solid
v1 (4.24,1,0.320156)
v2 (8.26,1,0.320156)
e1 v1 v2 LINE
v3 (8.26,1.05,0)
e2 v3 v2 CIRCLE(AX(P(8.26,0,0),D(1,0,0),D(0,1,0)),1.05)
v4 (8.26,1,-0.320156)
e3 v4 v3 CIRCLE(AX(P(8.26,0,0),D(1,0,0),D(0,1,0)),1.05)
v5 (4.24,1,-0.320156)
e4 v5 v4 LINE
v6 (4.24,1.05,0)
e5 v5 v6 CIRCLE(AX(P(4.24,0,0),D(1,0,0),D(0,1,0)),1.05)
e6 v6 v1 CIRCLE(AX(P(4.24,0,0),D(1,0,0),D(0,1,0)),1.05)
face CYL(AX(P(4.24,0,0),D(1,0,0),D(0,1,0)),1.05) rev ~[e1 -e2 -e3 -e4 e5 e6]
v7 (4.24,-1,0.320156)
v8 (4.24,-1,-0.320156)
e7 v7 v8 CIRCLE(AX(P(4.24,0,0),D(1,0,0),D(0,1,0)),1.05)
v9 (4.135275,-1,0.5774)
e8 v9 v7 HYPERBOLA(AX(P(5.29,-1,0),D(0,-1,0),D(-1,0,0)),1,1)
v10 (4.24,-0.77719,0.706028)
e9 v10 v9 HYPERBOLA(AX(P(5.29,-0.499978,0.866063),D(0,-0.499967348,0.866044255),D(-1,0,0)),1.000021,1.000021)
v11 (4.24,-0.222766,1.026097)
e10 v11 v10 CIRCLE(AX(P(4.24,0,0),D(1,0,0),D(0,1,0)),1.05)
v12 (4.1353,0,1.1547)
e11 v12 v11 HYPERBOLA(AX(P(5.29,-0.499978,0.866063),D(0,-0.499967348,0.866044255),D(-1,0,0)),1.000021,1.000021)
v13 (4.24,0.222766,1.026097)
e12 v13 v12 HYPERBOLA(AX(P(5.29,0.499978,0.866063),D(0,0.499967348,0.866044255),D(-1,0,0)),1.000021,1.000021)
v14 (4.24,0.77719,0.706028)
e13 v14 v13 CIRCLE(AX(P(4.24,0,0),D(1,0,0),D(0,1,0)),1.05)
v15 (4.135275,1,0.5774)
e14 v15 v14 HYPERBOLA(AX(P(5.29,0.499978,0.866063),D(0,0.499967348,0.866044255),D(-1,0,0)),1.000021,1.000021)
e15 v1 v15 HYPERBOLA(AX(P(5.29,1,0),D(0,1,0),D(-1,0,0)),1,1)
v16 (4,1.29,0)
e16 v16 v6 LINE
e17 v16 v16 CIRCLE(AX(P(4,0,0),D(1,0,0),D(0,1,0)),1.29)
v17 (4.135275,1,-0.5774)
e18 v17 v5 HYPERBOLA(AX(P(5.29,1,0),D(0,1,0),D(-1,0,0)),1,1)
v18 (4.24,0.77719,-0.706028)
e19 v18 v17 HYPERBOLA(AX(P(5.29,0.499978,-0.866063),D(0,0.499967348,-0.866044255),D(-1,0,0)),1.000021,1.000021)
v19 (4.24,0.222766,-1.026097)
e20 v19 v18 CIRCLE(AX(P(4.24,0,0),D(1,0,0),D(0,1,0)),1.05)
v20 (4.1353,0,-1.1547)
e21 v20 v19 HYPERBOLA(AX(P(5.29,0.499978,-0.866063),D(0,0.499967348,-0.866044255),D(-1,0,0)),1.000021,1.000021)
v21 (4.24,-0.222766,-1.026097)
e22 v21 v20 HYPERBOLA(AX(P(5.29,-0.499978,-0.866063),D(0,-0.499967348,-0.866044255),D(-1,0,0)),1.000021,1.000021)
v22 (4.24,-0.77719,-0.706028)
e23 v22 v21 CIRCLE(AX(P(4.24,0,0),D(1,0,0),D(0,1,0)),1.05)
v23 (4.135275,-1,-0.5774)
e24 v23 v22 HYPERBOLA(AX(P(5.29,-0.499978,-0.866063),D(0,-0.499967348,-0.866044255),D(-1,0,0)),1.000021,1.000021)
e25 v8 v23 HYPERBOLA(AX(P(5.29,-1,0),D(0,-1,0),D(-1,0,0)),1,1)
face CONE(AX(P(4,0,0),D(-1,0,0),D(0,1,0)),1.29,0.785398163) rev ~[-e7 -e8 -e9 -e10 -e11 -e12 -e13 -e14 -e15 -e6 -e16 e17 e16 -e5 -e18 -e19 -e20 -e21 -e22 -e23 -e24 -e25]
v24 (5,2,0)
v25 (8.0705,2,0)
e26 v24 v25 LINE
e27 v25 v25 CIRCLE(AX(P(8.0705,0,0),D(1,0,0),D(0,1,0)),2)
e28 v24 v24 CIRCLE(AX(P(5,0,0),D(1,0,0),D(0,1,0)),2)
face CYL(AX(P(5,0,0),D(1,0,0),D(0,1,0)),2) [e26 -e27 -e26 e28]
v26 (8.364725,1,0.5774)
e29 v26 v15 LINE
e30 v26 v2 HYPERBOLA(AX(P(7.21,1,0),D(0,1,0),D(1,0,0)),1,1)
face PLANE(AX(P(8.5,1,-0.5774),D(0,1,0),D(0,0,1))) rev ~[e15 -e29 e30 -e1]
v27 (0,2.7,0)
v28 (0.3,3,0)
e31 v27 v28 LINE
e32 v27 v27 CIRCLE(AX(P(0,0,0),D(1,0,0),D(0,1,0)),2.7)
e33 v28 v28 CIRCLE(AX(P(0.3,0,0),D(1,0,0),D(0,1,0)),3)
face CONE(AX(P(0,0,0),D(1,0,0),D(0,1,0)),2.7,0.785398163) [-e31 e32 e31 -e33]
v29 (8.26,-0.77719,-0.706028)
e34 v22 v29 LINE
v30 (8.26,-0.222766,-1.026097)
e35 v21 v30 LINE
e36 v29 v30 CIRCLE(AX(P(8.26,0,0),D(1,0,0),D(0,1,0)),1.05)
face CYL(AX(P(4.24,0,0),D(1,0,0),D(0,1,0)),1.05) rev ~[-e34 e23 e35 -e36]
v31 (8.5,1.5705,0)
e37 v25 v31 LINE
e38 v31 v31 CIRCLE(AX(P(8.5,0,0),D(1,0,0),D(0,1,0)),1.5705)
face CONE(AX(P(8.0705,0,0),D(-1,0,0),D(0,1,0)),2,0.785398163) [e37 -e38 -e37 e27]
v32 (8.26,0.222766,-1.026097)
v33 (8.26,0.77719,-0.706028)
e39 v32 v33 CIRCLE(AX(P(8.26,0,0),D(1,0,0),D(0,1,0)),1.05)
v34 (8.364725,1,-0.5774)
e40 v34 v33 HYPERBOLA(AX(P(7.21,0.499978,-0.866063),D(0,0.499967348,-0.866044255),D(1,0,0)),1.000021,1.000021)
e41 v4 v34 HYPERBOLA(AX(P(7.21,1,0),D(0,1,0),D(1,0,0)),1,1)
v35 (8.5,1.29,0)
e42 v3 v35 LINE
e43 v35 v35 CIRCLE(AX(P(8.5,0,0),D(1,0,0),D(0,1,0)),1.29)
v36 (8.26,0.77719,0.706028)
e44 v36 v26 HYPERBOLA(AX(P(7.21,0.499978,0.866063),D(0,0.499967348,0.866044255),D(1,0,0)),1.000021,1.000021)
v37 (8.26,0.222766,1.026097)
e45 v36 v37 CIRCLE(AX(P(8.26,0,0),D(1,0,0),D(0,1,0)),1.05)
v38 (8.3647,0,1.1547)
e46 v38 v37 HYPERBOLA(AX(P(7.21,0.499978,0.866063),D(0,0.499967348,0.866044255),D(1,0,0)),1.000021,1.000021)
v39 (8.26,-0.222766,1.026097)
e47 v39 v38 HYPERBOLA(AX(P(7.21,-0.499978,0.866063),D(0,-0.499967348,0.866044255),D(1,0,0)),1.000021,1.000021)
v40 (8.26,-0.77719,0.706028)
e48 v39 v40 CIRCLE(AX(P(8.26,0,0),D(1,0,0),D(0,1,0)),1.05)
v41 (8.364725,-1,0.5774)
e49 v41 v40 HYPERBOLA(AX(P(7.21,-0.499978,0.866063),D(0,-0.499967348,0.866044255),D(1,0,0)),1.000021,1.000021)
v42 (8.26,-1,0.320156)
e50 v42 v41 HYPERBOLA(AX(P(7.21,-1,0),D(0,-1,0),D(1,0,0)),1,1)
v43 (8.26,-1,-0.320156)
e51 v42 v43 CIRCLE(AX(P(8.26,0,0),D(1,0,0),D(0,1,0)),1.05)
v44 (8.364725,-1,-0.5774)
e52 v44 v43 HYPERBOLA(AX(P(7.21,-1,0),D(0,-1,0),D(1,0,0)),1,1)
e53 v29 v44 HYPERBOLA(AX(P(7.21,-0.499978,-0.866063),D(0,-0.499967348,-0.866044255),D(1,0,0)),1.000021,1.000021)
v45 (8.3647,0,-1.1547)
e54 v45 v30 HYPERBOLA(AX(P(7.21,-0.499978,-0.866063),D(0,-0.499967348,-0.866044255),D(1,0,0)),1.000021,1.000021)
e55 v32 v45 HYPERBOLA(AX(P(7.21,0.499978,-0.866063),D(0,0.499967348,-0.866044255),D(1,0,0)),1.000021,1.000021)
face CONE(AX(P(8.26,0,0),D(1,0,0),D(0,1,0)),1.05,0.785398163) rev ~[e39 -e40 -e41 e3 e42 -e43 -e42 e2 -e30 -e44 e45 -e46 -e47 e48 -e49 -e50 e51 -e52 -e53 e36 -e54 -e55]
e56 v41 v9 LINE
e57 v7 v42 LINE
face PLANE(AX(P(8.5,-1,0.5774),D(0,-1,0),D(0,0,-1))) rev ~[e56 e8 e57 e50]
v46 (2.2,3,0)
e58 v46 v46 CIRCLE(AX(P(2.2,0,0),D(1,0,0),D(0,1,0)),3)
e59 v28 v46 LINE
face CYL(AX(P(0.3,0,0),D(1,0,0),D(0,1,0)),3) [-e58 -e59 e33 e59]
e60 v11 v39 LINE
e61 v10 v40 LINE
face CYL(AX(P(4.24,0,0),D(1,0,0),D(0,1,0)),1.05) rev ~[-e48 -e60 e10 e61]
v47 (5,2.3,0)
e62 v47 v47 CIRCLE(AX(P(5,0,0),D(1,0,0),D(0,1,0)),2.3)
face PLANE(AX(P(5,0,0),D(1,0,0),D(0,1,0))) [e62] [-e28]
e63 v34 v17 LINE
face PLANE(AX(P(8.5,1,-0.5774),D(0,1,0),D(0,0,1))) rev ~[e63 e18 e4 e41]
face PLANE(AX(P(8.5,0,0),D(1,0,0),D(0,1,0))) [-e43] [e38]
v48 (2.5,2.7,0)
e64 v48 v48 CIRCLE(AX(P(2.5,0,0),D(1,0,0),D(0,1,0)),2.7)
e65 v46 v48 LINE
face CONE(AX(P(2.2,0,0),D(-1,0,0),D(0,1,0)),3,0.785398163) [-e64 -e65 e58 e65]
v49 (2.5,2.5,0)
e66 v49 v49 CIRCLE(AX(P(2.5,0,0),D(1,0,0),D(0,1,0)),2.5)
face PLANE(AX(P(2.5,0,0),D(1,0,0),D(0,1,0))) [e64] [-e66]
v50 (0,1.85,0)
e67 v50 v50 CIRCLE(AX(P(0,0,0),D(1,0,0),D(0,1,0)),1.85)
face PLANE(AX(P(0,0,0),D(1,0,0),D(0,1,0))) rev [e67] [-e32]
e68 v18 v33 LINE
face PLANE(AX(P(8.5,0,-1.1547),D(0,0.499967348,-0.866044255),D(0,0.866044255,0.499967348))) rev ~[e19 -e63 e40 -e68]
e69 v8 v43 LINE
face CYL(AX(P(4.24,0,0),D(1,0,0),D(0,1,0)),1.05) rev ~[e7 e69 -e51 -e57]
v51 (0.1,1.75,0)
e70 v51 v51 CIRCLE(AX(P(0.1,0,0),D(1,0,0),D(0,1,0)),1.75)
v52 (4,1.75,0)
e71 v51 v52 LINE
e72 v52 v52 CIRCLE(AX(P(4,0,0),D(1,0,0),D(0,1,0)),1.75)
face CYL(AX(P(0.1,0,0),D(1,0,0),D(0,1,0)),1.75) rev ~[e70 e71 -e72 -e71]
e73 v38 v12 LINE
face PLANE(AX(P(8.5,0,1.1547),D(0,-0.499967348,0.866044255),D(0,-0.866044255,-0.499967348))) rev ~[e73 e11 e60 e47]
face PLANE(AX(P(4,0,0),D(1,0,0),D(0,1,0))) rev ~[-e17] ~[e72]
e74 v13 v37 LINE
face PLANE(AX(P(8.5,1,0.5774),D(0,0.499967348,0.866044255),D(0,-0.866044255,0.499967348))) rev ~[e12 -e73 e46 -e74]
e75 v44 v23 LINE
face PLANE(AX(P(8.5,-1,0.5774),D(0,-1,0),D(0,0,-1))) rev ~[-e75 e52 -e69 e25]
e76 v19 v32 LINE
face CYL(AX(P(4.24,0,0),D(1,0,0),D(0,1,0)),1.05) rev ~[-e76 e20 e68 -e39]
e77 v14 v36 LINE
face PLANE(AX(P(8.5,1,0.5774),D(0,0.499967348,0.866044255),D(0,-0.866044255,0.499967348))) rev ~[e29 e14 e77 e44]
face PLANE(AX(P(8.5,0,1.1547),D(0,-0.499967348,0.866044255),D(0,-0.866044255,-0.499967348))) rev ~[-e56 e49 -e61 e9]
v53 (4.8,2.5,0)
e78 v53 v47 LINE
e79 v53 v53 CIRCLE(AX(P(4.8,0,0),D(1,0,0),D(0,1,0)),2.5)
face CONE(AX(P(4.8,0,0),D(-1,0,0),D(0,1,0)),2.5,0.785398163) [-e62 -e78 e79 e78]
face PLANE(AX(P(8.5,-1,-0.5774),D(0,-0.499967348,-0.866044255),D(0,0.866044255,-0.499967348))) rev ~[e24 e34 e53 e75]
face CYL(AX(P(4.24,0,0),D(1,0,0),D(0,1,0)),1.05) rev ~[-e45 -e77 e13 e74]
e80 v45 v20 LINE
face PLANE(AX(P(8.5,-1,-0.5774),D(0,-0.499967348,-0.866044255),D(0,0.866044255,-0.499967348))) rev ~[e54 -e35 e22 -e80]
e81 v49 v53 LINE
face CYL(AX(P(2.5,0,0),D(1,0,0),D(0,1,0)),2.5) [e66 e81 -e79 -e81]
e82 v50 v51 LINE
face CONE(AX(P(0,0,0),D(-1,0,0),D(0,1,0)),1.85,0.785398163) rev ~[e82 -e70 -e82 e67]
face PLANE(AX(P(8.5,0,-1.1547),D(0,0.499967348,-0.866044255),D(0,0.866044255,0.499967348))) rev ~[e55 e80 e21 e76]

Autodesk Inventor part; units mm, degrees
sketch "Sketch_1" plane through (0, 0, 0) normal (0, 0, 1) x (1, 0, 0)
  line L0 (8.5, 0) -> (0, 0)
  line L1 (0, 0) -> (0, 2.7)
  line L2 (0, 2.7) -> (0.3, 3)
  line L3 (0.3, 3) -> (2.2, 3)
  line L4 (2.2, 3) -> (2.5, 2.7)
  line L5 (2.5, 2.7) -> (2.5, 2.5)
  line L6 (2.5, 2.5) -> (4.8, 2.5)
  line L7 (4.8, 2.5) -> (5, 2.3)
  line L8 (5, 2.3) -> (5, 2)
  line L9 (5, 2) -> (8.0705, 2)
  line L10 (8.0705, 2) -> (8.5, 1.5705)
  line L11 (8.5, 1.5705) -> (8.5, 0)
  line L12 (8.5, 0) -> (0, 0)
revolve "Revolution1" add sketch "Sketch_1" angle 360 about axis through (8.5, 0, 0) along (1, 0, 0)
thread "Thread1" size "M4x0.7" class "6g" standard "ISO Metric profile" length 2.5705
sketch "Sketch_2" plane through (0, 0, 0) normal (0, 0, 1) x (1, 0, 0)
  line L0 (8.5, 0) -> (0, 0)
  line L1 (0, 0) -> (0, 1.85)
  line L2 (0, 1.85) -> (0.1, 1.75)
  line L3 (0.1, 1.75) -> (4, 1.75)
  line L4 (4, 1.75) -> (4, 1.29)
  line L5 (4, 1.29) -> (4.24, 1.05)
  line L6 (4.24, 1.05) -> (8.26, 1.05)
  line L7 (8.26, 1.05) -> (8.5, 1.29)
  line L8 (8.5, 1.29) -> (8.5, 0)
  line L9 (8.5, 0) -> (0, 0)
revolve "Revolution2" cut sketch "Sketch_2" angle 360 about axis through (8.5, 0, 0) along (1, 0, 0)
sketch "Sketch_3" plane through (8.5, 0, 0) normal (1, 0, 0) x (0, 1, 0)
  line L0 (-1, -0.5774) -> (0, -1.1547)
  line L1 (0, -1.1547) -> (1, -0.5774)
  line L2 (1, -0.5774) -> (1, 0.5774)
  line L3 (1, 0.5774) -> (0, 1.1547)
  line L4 (0, 1.1547) -> (-1, 0.5774)
  line L5 (-1, 0.5774) -> (-1, -0.5774)
extrude "Extrusion1" cut sketch "Sketch_3" against normal blind 4.5
ref_plane "IP_screw_XY" through (2.5, 0, 0) normal (1, 0, 0) x (0, 0, -1)
ref_plane "IP_screw_YZ" through (2.5, 0, 0) normal (0, 0, -1) x (0, 1, 0)
ref_plane "IP_screw_ZX" through (2.5, 0, 0) normal (0, 1, 0) x (1, 0, 0)
properties part number "VPM46-6"
